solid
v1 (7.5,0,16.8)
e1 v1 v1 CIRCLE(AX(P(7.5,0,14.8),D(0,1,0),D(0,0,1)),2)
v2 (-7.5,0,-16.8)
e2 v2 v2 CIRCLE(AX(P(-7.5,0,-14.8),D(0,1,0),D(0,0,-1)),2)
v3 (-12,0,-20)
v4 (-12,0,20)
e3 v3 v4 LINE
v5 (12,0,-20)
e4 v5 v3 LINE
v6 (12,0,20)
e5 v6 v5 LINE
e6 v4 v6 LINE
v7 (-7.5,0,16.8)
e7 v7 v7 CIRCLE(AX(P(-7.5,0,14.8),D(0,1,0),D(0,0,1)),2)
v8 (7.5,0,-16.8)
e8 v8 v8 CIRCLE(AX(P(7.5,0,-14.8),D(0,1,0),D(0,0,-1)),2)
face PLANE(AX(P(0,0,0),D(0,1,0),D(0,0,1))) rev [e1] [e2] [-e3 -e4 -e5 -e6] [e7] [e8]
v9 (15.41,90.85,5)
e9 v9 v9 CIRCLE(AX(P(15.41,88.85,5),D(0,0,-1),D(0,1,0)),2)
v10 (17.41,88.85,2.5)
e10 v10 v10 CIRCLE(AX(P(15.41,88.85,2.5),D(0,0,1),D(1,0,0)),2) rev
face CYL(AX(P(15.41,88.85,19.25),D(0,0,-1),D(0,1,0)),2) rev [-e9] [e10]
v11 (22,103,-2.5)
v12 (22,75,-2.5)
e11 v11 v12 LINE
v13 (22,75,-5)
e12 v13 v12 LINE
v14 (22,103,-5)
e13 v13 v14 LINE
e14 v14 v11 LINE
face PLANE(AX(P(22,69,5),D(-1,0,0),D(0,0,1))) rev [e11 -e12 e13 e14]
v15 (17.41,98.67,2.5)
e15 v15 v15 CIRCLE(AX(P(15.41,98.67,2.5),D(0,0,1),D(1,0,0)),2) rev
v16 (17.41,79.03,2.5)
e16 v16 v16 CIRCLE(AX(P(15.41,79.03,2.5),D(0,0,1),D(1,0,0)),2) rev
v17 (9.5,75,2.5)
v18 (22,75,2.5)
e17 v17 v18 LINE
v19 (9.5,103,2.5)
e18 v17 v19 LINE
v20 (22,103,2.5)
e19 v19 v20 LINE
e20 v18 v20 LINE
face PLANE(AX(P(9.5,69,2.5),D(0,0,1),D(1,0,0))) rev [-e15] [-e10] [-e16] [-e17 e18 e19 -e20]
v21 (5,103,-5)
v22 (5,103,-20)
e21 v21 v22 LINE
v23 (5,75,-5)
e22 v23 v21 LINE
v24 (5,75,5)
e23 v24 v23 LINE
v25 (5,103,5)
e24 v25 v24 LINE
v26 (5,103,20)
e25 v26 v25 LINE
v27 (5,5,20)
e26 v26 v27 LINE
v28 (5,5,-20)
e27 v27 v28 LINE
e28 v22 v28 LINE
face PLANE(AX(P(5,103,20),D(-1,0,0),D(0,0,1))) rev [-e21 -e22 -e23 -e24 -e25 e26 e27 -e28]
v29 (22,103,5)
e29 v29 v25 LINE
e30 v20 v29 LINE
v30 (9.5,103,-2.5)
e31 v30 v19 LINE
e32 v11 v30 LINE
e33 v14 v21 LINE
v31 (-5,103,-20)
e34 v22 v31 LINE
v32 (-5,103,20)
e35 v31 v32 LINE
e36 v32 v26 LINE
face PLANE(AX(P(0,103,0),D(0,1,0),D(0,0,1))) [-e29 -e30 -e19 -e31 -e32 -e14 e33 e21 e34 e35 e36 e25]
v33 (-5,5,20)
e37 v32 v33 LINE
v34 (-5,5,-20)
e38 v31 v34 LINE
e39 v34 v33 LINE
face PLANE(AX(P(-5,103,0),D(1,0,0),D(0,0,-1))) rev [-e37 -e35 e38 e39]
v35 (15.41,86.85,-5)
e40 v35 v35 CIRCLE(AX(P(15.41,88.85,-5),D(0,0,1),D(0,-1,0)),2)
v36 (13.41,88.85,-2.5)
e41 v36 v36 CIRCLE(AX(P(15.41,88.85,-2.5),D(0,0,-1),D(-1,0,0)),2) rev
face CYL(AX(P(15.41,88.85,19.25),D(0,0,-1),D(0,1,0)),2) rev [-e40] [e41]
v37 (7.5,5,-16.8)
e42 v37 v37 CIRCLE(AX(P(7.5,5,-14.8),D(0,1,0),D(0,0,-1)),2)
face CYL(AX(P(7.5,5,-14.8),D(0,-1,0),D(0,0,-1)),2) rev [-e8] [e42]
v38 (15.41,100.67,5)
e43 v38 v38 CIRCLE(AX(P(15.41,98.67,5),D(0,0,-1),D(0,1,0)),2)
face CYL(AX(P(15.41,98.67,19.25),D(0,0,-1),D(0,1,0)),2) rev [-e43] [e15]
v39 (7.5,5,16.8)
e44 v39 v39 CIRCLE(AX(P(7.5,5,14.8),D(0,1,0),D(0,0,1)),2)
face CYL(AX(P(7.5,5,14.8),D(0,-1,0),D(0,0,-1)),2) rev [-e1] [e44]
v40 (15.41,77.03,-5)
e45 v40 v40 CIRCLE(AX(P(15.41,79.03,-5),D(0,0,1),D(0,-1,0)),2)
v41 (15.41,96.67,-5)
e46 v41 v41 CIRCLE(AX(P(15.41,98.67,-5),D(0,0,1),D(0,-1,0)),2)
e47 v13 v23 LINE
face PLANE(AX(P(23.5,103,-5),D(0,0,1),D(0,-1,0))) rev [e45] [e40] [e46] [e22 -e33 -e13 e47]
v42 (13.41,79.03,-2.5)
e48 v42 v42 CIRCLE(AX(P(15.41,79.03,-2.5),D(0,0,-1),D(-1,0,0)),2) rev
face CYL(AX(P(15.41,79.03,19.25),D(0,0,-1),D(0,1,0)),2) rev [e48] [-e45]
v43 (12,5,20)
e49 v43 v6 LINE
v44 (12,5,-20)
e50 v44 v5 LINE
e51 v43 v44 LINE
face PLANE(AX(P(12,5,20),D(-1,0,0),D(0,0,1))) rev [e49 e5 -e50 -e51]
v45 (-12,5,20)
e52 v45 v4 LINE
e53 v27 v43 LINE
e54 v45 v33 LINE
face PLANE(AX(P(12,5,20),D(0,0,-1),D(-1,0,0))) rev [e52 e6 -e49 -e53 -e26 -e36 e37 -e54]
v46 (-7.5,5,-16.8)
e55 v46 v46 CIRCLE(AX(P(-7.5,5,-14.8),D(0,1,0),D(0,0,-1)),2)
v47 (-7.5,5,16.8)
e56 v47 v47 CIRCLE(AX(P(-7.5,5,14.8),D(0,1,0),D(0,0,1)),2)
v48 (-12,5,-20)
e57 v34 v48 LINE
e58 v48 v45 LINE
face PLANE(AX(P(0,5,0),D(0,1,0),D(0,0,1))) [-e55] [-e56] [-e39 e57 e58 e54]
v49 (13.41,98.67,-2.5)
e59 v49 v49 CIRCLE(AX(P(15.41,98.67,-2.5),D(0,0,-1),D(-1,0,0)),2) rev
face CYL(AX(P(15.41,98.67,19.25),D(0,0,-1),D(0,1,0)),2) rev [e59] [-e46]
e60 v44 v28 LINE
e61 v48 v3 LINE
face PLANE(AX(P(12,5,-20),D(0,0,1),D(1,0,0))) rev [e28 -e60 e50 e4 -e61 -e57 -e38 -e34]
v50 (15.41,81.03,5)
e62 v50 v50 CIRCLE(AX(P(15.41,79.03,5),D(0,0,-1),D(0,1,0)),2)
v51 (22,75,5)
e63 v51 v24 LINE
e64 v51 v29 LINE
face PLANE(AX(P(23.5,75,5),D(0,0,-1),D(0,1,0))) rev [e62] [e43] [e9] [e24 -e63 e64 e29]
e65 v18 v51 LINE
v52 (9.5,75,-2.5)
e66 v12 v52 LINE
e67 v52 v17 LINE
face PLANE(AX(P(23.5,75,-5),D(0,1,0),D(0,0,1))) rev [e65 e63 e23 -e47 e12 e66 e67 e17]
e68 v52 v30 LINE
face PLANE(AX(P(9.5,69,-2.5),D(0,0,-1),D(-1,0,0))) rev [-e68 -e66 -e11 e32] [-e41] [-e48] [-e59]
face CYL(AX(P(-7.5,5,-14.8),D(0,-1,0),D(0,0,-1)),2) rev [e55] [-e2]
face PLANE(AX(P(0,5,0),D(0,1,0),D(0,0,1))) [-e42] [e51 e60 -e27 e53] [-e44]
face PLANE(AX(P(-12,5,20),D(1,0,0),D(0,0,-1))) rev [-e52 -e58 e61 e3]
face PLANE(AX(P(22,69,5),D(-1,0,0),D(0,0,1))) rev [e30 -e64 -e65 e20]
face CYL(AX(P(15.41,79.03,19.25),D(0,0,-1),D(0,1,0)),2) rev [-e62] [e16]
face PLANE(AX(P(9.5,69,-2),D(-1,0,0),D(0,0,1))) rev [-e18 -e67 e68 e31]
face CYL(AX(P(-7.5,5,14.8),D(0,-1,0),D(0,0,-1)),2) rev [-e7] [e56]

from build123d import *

# Parameters (mm, degrees)
SKETCH_1_W          = 24
SKETCH_1_H          = 40
SKETCH_1_R          = 2
EXTRUDE_1_DEPTH     = 5
EXTRUDE_5_DEPTH     = 98
SKETCH_10_W         = 10
SKETCH_10_H         = 28
EXTRUDE_6_DEPTH     = 18.5
SKETCH_12_R         = 2
CUT_EXTRUDE_4_DEPTH = 24.25
SKETCH_13_W         = 12
SKETCH_13_H         = 28
CUT_EXTRUDE_5_DEPTH = 2
SKETCH_14_W         = 2
SKETCH_14_H         = 4
CUT_EXTRUDE_6_DEPTH = 34
SKETCH_15_W         = 12.5
SKETCH_15_H         = 0.5
CUT_EXTRUDE_7_DEPTH = 34


with BuildPart() as part:
    # 草图1 → 凸台-拉伸1 (new body)
    with BuildSketch(Plane(origin=(0, 0, 0), x_dir=(1, 0, 0), z_dir=(0, 1, 0))):
        Rectangle(SKETCH_1_W, SKETCH_1_H)
        with Locations((7.5, -14.8)):
            Circle(SKETCH_1_R, mode=Mode.SUBTRACT)
        with Locations((-7.5, -14.8)):
            Circle(SKETCH_1_R, mode=Mode.SUBTRACT)
        with Locations((-7.5, 14.8)):
            Circle(SKETCH_1_R, mode=Mode.SUBTRACT)
        with Locations((7.5, 14.8)):
            Circle(SKETCH_1_R, mode=Mode.SUBTRACT)
    extrude(amount=EXTRUDE_1_DEPTH)

    # 草图8 → 凸台-拉伸5 (add)
    with BuildSketch(Plane(origin=(0, 5, 0), x_dir=(1, 0, 0), z_dir=(0, 1, 0))):
        Polygon((-5, 0), (-5, -20), (5, -20), (5, 20), (-5, 20), align=None)
    extrude(amount=EXTRUDE_5_DEPTH)

    # 草图10 → 凸台-拉伸6 (add)
    with BuildSketch(Plane(origin=(5, 0, 0), x_dir=(0, 0, -1), z_dir=(1, 0, 0))):
        with Locations((0, 89)):
            Rectangle(SKETCH_10_W, SKETCH_10_H)
    extrude(amount=EXTRUDE_6_DEPTH)

    # 草图12 → 切除-拉伸4 (cut, symmetric)
    with BuildSketch(Plane(origin=(0, 0, -5), x_dir=(-1, 0, 0), z_dir=(0, 0, -1))):
        with Locations((-15.41, 98.67)):
            Circle(SKETCH_12_R)
        with Locations((-15.41, 88.85)):
            Circle(SKETCH_12_R)
        with Locations((-15.41, 79.03)):
            Circle(SKETCH_12_R)
    extrude(amount=CUT_EXTRUDE_4_DEPTH, both=True, mode=Mode.SUBTRACT)

    # 草图13 → 切除-拉伸5 (cut, symmetric)
    with BuildSketch(Plane.XY):
        with Locations((17.5, 89)):
            Rectangle(SKETCH_13_W, SKETCH_13_H)
    extrude(amount=CUT_EXTRUDE_5_DEPTH, both=True, mode=Mode.SUBTRACT)

    # 草图14 → 切除-拉伸6 (cut)
    with BuildSketch(Plane(origin=(0, 103, 0), x_dir=(1, 0, 0), z_dir=(0, 1, 0))):
        with Locations((10.5, 0)):
            Rectangle(SKETCH_14_W, SKETCH_14_H)
        Polygon((22, 5), (23.5, 5), (23.5, 2), (23.5, -2), (23.5, -5), (22, -5), (22, -2.5), (22, 2.5), align=None)
    extrude(amount=-CUT_EXTRUDE_6_DEPTH, mode=Mode.SUBTRACT)

    # 草图15 → 切除-拉伸7 (cut)
    with BuildSketch(Plane(origin=(0, 103, 0), x_dir=(1, 0, 0), z_dir=(0, 1, 0))):
        with Locations((15.75, 2.25)):
            Rectangle(SKETCH_15_W, SKETCH_15_H)
        with Locations((15.75, -2.25)):
            Rectangle(SKETCH_15_W, SKETCH_15_H)
    extrude(amount=-CUT_EXTRUDE_7_DEPTH, mode=Mode.SUBTRACT)


solid = part.part
